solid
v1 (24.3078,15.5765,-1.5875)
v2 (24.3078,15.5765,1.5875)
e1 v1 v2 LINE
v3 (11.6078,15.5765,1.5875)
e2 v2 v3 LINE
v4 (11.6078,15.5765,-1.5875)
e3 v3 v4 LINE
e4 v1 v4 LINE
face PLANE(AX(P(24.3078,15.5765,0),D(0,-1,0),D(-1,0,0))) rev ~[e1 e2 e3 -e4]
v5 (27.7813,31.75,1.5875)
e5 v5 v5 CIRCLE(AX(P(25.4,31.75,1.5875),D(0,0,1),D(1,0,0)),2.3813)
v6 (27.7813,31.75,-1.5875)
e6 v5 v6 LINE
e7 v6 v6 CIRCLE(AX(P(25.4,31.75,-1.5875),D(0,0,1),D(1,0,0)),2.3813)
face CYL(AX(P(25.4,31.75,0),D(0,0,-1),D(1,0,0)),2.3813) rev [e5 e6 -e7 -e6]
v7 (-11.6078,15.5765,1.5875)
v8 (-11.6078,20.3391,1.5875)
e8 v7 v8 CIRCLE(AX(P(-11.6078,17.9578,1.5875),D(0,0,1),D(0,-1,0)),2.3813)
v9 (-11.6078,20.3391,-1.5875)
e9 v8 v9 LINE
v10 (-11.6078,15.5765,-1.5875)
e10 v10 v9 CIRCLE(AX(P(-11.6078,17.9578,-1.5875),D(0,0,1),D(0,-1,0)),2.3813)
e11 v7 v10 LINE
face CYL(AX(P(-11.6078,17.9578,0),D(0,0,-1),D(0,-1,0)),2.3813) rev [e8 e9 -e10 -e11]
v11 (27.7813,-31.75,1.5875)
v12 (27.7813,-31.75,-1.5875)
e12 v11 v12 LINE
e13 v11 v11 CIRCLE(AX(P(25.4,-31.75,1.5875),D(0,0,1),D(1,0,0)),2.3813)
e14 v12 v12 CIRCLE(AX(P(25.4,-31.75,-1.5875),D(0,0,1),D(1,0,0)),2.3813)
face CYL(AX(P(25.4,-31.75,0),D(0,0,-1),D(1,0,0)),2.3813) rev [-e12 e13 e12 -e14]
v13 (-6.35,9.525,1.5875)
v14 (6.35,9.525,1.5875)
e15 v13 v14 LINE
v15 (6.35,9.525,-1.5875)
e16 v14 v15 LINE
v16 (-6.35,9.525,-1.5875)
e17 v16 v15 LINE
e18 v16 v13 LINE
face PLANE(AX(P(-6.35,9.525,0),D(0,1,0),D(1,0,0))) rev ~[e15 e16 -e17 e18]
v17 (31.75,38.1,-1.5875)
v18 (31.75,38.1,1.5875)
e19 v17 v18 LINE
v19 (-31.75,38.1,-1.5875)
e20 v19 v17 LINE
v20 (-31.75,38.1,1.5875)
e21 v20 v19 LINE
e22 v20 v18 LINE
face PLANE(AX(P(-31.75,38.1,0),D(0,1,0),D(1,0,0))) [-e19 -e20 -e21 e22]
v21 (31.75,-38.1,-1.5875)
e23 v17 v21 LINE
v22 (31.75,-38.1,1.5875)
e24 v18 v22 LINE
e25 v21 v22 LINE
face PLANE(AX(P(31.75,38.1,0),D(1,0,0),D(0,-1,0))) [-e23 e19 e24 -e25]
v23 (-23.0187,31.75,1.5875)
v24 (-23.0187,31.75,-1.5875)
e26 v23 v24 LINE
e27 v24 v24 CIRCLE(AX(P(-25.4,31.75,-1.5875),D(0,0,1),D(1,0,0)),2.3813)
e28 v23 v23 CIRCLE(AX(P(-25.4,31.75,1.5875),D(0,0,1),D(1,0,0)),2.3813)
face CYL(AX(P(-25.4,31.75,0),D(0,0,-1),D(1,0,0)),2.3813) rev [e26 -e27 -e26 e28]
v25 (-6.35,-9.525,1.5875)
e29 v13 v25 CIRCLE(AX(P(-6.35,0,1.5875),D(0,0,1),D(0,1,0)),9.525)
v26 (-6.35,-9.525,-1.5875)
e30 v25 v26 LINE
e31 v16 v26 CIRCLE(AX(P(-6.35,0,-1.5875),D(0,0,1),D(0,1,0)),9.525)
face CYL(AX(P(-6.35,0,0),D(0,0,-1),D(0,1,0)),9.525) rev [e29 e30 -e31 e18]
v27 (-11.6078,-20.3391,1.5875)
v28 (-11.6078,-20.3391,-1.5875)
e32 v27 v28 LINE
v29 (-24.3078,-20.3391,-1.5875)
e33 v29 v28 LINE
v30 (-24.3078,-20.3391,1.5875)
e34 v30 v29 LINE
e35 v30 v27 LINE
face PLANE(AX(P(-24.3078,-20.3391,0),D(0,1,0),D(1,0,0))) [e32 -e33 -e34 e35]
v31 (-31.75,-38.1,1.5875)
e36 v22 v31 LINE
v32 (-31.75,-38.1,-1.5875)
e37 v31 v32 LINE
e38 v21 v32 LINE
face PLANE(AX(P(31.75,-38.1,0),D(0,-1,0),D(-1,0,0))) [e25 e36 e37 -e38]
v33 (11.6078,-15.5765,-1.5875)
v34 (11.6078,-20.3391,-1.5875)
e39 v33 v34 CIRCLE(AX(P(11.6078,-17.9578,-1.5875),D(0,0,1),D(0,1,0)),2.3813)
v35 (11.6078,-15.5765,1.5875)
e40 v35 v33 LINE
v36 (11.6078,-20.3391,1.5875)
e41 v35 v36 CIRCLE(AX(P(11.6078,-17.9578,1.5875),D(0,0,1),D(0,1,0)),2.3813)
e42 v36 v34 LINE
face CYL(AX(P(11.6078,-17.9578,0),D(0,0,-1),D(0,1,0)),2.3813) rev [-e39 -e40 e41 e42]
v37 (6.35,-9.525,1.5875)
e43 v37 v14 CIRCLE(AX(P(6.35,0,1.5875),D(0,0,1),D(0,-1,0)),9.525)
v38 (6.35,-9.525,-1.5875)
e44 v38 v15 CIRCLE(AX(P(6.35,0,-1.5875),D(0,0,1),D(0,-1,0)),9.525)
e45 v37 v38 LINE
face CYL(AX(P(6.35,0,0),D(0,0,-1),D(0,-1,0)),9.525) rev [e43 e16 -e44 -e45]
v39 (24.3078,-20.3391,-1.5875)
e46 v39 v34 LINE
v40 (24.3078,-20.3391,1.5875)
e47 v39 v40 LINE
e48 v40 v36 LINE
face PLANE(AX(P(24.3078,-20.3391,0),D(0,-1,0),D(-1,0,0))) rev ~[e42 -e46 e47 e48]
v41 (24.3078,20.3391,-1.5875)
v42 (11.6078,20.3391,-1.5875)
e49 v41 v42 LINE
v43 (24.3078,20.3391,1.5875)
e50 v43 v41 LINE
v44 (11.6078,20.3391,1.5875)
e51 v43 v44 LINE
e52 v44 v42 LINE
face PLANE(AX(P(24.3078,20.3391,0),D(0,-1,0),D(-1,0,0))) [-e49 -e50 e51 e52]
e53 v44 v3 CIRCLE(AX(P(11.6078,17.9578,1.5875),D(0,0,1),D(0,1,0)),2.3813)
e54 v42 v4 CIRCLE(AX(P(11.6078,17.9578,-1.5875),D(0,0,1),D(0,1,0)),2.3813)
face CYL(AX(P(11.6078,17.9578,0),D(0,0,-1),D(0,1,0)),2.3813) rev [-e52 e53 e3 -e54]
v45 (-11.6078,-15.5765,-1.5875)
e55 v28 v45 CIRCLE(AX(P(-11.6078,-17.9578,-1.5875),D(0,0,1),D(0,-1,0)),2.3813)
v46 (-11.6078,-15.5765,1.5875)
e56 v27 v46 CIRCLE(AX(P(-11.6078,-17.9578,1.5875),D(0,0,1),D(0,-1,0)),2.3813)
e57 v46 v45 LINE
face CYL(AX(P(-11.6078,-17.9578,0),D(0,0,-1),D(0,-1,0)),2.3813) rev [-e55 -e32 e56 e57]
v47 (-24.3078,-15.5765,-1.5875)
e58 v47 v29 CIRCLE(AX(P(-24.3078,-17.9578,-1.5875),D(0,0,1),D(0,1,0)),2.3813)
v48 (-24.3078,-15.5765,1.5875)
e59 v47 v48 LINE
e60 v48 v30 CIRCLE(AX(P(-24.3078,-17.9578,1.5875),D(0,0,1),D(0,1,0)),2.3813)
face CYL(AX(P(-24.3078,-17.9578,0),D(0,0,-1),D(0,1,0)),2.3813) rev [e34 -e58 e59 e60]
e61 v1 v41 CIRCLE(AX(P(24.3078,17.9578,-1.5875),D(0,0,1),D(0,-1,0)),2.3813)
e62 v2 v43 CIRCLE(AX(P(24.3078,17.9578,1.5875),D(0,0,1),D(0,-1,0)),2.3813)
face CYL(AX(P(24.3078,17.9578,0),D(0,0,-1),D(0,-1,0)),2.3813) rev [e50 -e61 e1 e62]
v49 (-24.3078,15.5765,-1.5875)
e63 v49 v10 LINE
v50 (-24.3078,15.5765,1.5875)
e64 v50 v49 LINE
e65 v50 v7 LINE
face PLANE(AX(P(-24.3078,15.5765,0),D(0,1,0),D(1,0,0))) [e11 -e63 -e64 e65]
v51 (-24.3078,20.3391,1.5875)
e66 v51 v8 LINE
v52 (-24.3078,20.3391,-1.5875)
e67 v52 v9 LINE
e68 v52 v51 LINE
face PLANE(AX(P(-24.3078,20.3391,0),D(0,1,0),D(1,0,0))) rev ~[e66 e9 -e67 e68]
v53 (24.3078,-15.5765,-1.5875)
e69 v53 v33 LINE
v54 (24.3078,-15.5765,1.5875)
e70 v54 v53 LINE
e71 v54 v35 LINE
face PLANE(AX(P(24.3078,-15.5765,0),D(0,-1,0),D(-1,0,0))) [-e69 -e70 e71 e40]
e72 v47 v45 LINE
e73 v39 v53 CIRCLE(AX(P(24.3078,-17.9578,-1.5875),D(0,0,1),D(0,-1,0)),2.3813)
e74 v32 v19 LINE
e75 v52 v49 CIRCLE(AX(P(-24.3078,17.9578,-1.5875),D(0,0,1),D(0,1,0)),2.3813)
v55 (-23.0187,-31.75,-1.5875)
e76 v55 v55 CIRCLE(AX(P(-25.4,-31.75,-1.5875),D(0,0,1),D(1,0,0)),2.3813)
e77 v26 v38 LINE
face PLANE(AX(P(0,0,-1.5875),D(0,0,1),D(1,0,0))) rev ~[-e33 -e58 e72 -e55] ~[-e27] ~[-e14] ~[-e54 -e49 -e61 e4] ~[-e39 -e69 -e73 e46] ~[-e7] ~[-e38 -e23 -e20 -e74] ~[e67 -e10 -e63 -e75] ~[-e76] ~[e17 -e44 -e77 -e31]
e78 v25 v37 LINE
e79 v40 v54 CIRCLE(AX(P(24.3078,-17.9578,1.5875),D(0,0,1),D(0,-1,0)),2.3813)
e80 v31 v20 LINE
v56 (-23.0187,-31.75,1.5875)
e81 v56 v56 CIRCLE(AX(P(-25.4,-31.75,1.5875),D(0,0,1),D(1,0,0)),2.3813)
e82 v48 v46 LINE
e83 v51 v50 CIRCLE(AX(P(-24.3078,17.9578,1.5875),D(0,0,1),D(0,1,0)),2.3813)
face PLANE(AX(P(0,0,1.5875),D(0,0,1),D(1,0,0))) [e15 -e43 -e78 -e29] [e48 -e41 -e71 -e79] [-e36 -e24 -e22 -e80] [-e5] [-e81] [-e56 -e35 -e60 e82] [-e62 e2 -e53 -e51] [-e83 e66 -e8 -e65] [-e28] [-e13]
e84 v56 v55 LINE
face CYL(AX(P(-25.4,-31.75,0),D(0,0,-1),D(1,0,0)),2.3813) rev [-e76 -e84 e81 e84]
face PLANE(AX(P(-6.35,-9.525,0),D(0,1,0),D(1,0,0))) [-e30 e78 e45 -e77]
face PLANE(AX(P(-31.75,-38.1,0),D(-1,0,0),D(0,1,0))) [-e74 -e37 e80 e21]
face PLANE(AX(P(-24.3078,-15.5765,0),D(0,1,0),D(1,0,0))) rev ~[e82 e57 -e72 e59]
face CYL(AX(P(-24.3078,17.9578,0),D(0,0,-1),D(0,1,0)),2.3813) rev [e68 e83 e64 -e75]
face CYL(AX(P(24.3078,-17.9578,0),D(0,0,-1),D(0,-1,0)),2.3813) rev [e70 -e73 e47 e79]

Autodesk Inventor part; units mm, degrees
ref_plane "YZ Plane" through (0, 0, 0) normal (1, 0, 0) x (0, 1, 0)
ref_plane "XZ Plane" through (0, 0, 0) normal (0, 1, 0) x (-1, 0, 0)
ref_plane "XY Plane" through (0, 0, 0) normal (0, 0, 1) x (1, 0, 0)
sketch "Neo Motor Mount" plane through (0, 0, 0) normal (0, 0, 1) x (1, 0, 0)
  line L0 (-58.0667, 162.6468) -> (-53.1939, 138.405) construction
  line L1 (-57.5073, 159.8642) -> (-45.1815, 162.9896)
  line L2 (-53.7533, 141.1877) -> (-41.4275, 144.3131)
  arc A0 (-57.5073, 159.8642) -> (-52.8309, 141.4216) centre (-55.6303, 150.5259) ccw
  arc A1 (-46.2915, 152.4) -> (-46.438, 153.0215) centre (-55.6303, 150.5259) ccw
  arc A2 (-49.53, 157.8411) -> (-51.2107, 158.9635) centre (-55.6303, 150.5259) ccw
  arc A3 (-52.747, 152.4) -> (-52.6427, 151.7743) centre (-43.3045, 153.6514) ccw
  arc A4 (-49.53, 160.8603) -> (-51.2107, 158.9635) centre (-43.3045, 153.6514) ccw
  arc A5 (-41.4275, 144.3131) -> (-46.1039, 162.7557) centre (-43.3045, 153.6514) ccw
  line L3 (-30.6788, 181.9654) -> (-23.3726, 145.6169) construction
  line L4 (-43.3455, 180.5359) -> (-35.6081, 142.0424) construction
  arc A6 (-42.1579, 174.6277) -> (-41.2194, 169.9586) centre (-41.6886, 172.2931) ccw
  line L5 (-35.6081, 142.0424) -> (-32.6003, 127.0788) construction
  line L6 (-23.3726, 145.6169) -> (-20.1494, 129.5815) construction
  arc A7 (-35.0803, 139.4164) -> (-34.1417, 134.7473) centre (-34.611, 137.0818) ccw
  arc A8 (-21.6908, 137.25) -> (-22.6293, 141.9191) centre (-22.16, 139.5845) ccw
  line L7 (-35.0803, 139.4164) -> (-22.6293, 141.9191)
  line L8 (-34.1417, 134.7473) -> (-21.6908, 137.25)
  arc A9 (-77.3692, 167.55) -> (-76.4307, 162.8809) centre (-76.9, 165.2155) ccw
  arc A10 (-63.9797, 165.3836) -> (-64.9183, 170.0527) centre (-64.449, 167.7182) ccw
  arc A11 (-70.2916, 132.3387) -> (-69.3531, 127.6696) centre (-69.8223, 130.0042) ccw
  arc A12 (-56.9021, 130.1723) -> (-57.8406, 134.8414) centre (-57.3714, 132.5069) ccw
  line L9 (-70.2916, 132.3387) -> (-57.8406, 134.8414)
  line L10 (-69.3531, 127.6696) -> (-56.9021, 130.1723)
  line L11 (-77.3692, 167.55) -> (-64.9183, 170.0527)
  line L12 (-76.4307, 162.8809) -> (-63.9797, 165.3836)
  arc A13 (-28.7684, 172.4613) -> (-29.7069, 177.1304) centre (-29.2377, 174.7958) ccw
  line L13 (-42.1579, 174.6277) -> (-29.7069, 177.1304)
  line L14 (-41.2194, 169.9586) -> (-28.7684, 172.4613)
  line L15 (-45.711, 165.6236) -> (-40.743, 140.9077) construction
  dimension "d0" = 4.7625
  dimension "d1" = 4.7625
  dimension "d2" = 4.7625
  dimension "d3" = 4.7625
  dimension "d4" = 4.7625
  dimension "d5" = 4.7625
  dimension "d6" = 4.7625
  dimension "d7" = 4.7625
  dimension "d8" = 24.7159
sketch "Sketch2" plane through (0, 0, 0) normal (0, 0, 1) x (1, 0, 0)
  line L0 (-17.9578, 11.9804) -> (-17.9578, -15.3576) construction
  line L1 (-6.35, 10.8428) -> (-6.35, -16.1397) construction
  line L2 (-24.3078, 11.5893) -> (-24.3078, -16.1397) construction
  line L3 (-26.7514, 17.9578) -> (24.334, 17.9578) construction
  line L4 (-24.3078, 11.5893) -> (-24.3078, 20.3391) construction
  line L5 (-17.9578, 11.9804) -> (-17.9578, 19.9735) construction
  arc A0 (-24.3078, 20.3391) -> (-24.3078, 15.5765) centre (-24.3078, 17.9578) ccw
  line L6 (-11.6078, 11.5893) -> (-11.6078, -16.1397) construction
  line L7 (-11.6078, 11.5893) -> (-11.6078, 20.3391) construction
  arc A1 (-11.6078, 15.5765) -> (-11.6078, 20.3391) centre (-11.6078, 17.9578) ccw
  line L8 (-24.3078, 20.3391) -> (-11.6078, 20.3391)
  line L9 (-24.3078, 15.5765) -> (-11.6078, 15.5765)
  line L10 (0, 0) -> (0, 28.3511) construction
  arc A2 (24.3078, 15.5765) -> (24.3078, 20.3391) centre (24.3078, 17.9578) ccw
  arc A3 (11.6078, 20.3391) -> (11.6078, 15.5765) centre (11.6078, 17.9578) ccw
  line L11 (24.3078, 20.3391) -> (11.6078, 20.3391)
  line L12 (24.3078, 15.5765) -> (11.6078, 15.5765)
  arc A4 (-6.35, 9.525) -> (-6.35, -9.525) centre (-6.35, 0) ccw
  arc A5 (6.35, -9.525) -> (6.35, 9.525) centre (6.35, 0) ccw
  line L13 (-6.35, 0) -> (-37.1588, 0) construction
  line L14 (-26.7514, -17.9578) -> (24.334, -17.9578) construction
  arc A6 (-24.3078, -15.5765) -> (-24.3078, -20.3391) centre (-24.3078, -17.9578) ccw
  arc A7 (-11.6078, -20.3391) -> (-11.6078, -15.5765) centre (-11.6078, -17.9578) ccw
  line L15 (-24.3078, -20.3391) -> (-11.6078, -20.3391)
  line L16 (-24.3078, -15.5765) -> (-11.6078, -15.5765)
  arc A8 (24.3078, -20.3391) -> (24.3078, -15.5765) centre (24.3078, -17.9578) ccw
  line L17 (24.3078, -20.3391) -> (11.6078, -20.3391)
  arc A9 (11.6078, -15.5765) -> (11.6078, -20.3391) centre (11.6078, -17.9578) ccw
  line L18 (24.3078, -15.5765) -> (11.6078, -15.5765)
  line L19 (-6.35, 9.525) -> (6.35, 9.525)
  line L20 (-6.35, -9.525) -> (6.35, -9.525)
  line L21 (31.75, -38.1) -> (-31.75, -38.1)
  line L22 (-31.75, -38.1) -> (-31.75, 38.1)
  line L23 (-31.75, 38.1) -> (31.75, 38.1)
  line L24 (31.75, 38.1) -> (31.75, -38.1)
  line L25 (31.75, -38.1) -> (-31.75, 38.1) construction
  line L26 (-31.75, -38.1) -> (31.75, 38.1) construction
  circle A10 centre (-25.4, 31.75) radius 2.3813
  circle A11 centre (25.4, 31.75) radius 2.3813
  circle A12 centre (-25.4, -31.75) radius 2.3813
  circle A13 centre (25.4, -31.75) radius 2.3813
  point P0 (-17.9578, -19.9735)
  dimension "d27" = 17.9578
  dimension "d28" = 6.35
  dimension "d29" = 6.35
  dimension "d31" = 17.9578
  dimension "d32" = 4.7625
  dimension "d33" = 19.05
  dimension "d34" = 63.5
  dimension "d35" = 76.2
  dimension "d36" = 4.7625
  dimension "d37" = 6.35
  dimension "d38" = 6.35
extrude "Extrusion1" add sketch "Sketch2" along normal mid plane 3.175
properties part number "Neo Mounting Plate" material "Aluminum 6061"
